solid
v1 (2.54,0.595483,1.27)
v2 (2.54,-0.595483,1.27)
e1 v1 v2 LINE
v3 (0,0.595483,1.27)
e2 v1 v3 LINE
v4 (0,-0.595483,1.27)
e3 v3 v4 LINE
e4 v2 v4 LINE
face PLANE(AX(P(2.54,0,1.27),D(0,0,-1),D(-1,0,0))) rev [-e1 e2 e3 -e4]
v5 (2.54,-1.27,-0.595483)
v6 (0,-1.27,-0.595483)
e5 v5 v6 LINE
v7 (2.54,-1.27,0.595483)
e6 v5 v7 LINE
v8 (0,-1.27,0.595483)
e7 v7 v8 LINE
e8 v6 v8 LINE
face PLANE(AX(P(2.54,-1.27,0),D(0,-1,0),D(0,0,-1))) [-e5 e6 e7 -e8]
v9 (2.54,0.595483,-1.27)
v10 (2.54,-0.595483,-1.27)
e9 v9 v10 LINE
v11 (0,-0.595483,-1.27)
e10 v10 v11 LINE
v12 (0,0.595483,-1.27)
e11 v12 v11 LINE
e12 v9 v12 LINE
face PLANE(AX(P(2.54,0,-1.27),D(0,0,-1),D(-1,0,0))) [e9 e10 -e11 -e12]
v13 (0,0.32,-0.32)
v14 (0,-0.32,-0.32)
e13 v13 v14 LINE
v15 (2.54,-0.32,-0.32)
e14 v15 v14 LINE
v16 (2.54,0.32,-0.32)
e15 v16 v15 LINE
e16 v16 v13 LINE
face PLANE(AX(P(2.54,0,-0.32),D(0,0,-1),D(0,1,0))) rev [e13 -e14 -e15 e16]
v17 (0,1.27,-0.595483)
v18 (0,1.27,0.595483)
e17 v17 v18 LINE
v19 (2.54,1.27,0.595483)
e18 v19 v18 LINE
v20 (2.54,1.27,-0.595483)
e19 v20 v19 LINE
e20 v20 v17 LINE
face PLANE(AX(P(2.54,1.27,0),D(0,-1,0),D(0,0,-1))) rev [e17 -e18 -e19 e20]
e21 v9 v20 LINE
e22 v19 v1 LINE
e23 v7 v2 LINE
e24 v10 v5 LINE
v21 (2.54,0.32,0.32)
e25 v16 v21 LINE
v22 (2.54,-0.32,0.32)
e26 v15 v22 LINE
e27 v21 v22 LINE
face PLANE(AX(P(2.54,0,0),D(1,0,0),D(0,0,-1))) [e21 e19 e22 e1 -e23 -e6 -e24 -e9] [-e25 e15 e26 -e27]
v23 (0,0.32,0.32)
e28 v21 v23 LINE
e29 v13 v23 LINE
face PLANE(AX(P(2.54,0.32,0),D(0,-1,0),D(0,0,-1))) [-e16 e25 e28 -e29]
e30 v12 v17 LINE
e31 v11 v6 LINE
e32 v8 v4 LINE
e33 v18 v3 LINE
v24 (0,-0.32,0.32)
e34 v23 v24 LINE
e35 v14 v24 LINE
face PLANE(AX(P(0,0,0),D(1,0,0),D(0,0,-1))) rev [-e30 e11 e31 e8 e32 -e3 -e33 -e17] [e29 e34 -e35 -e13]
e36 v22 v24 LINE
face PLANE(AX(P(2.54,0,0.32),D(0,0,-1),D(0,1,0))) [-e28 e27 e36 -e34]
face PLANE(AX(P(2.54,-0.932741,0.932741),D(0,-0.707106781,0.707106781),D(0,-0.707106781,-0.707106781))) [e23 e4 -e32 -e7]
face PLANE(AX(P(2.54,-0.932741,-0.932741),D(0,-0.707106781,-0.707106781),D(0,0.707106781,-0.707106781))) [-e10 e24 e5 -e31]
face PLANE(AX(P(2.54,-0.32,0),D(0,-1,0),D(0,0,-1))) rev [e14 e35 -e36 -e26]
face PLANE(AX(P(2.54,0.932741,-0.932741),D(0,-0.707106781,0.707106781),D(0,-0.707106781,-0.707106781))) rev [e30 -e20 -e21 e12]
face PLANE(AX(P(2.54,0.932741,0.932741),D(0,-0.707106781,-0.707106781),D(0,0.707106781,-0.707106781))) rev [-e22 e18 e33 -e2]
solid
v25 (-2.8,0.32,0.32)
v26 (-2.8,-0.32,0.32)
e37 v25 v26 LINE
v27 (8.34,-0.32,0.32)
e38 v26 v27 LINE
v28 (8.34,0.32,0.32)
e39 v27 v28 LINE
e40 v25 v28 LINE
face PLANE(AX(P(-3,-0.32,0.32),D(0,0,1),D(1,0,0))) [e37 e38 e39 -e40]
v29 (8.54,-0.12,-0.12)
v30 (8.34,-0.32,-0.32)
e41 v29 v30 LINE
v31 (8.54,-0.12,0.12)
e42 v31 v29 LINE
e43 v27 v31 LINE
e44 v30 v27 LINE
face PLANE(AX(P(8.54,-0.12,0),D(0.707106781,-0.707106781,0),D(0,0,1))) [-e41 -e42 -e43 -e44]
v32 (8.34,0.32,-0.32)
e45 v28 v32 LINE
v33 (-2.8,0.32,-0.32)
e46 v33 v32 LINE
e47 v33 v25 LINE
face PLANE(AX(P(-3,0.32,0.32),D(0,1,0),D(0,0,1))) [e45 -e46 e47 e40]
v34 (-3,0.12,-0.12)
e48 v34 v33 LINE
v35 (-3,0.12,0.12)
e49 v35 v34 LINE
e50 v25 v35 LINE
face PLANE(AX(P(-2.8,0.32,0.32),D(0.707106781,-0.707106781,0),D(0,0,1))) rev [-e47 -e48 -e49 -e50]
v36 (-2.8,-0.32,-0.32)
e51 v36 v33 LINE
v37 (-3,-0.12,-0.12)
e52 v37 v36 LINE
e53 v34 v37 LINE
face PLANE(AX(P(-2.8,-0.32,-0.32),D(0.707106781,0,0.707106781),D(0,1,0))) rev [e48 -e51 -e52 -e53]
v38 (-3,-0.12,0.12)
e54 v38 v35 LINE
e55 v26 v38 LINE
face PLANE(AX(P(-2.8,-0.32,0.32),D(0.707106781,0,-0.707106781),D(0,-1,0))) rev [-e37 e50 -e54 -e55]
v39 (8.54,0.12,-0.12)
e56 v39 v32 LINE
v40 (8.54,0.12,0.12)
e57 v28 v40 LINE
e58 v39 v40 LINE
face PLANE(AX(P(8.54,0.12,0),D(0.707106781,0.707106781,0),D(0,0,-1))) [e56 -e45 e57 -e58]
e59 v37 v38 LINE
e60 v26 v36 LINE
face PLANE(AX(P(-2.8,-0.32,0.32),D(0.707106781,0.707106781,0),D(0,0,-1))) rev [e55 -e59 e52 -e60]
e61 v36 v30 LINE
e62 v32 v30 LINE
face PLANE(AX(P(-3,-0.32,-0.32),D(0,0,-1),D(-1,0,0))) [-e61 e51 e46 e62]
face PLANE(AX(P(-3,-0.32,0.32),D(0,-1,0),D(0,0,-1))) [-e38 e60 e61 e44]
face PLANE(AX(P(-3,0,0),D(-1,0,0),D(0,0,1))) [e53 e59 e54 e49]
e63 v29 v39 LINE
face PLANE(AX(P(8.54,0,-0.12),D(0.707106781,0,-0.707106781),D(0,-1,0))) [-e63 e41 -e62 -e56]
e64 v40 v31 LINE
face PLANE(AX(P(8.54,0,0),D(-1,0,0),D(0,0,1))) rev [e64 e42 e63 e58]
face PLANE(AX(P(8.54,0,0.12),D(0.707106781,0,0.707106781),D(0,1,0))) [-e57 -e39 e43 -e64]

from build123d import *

# Parameters (mm, degrees)
CROQUIS1_W                   = 0.64
CROQUIS1_H                   = 0.64
SALIENTE_EXTRUIR1_DEPTH      = 2.54
CROQUIS3_W                   = 0.64
CROQUIS3_H                   = 0.64
SALIENTE_EXTRUIR2_DEPTH      = 8.54
SALIENTE_EXTRUIR2_DEPTH_BACK = 3
CHAFL_N1_SIZE                = 0.2


with BuildPart() as part:
    # Croquis1 → Saliente-Extruir1 (new body)
    with BuildSketch(Plane(origin=(0, 0, 0), x_dir=(0, 0, -1), z_dir=(1, 0, 0))):
        Polygon((-0.595482683, 1.27), (-1.27, 0.595482683), (-1.27, -0.595482683), (-0.595482683, -1.27), (0.595482683, -1.27), (1.27, -0.595482683), (1.27, 0.595482683), (0.595482683, 1.27), align=None)
        Rectangle(CROQUIS1_W, CROQUIS1_H, mode=Mode.SUBTRACT)
    extrude(amount=SALIENTE_EXTRUIR1_DEPTH)


with BuildPart() as body_2:
    # Croquis3 → Saliente-Extruir2 (new body, two sides)
    with BuildSketch(Plane(origin=(0, 0, 0), x_dir=(0, 0, -1), z_dir=(1, 0, 0))) as saliente_extruir2_sk:
        Rectangle(CROQUIS3_W, CROQUIS3_H)
    extrude(amount=SALIENTE_EXTRUIR2_DEPTH)
    extrude(saliente_extruir2_sk.sketch, amount=-SALIENTE_EXTRUIR2_DEPTH_BACK)

    # Chaflán1
    chafl_n1_edges = [body_2.edges().sort_by_distance(p)[0] for p in [
        (-3, 0, -0.32),
        (8.54, 0, 0.32),
        (8.54, -0.32, 0),
        (-3, 0.32, 0),
        (8.54, 0, -0.32),
        (8.54, 0.32, 0),
        (-3, 0, 0.32),
        (-3, -0.32, 0),
    ]]
    chamfer(chafl_n1_edges, length=CHAFL_N1_SIZE)


solid = Compound([part.part, body_2.part])
